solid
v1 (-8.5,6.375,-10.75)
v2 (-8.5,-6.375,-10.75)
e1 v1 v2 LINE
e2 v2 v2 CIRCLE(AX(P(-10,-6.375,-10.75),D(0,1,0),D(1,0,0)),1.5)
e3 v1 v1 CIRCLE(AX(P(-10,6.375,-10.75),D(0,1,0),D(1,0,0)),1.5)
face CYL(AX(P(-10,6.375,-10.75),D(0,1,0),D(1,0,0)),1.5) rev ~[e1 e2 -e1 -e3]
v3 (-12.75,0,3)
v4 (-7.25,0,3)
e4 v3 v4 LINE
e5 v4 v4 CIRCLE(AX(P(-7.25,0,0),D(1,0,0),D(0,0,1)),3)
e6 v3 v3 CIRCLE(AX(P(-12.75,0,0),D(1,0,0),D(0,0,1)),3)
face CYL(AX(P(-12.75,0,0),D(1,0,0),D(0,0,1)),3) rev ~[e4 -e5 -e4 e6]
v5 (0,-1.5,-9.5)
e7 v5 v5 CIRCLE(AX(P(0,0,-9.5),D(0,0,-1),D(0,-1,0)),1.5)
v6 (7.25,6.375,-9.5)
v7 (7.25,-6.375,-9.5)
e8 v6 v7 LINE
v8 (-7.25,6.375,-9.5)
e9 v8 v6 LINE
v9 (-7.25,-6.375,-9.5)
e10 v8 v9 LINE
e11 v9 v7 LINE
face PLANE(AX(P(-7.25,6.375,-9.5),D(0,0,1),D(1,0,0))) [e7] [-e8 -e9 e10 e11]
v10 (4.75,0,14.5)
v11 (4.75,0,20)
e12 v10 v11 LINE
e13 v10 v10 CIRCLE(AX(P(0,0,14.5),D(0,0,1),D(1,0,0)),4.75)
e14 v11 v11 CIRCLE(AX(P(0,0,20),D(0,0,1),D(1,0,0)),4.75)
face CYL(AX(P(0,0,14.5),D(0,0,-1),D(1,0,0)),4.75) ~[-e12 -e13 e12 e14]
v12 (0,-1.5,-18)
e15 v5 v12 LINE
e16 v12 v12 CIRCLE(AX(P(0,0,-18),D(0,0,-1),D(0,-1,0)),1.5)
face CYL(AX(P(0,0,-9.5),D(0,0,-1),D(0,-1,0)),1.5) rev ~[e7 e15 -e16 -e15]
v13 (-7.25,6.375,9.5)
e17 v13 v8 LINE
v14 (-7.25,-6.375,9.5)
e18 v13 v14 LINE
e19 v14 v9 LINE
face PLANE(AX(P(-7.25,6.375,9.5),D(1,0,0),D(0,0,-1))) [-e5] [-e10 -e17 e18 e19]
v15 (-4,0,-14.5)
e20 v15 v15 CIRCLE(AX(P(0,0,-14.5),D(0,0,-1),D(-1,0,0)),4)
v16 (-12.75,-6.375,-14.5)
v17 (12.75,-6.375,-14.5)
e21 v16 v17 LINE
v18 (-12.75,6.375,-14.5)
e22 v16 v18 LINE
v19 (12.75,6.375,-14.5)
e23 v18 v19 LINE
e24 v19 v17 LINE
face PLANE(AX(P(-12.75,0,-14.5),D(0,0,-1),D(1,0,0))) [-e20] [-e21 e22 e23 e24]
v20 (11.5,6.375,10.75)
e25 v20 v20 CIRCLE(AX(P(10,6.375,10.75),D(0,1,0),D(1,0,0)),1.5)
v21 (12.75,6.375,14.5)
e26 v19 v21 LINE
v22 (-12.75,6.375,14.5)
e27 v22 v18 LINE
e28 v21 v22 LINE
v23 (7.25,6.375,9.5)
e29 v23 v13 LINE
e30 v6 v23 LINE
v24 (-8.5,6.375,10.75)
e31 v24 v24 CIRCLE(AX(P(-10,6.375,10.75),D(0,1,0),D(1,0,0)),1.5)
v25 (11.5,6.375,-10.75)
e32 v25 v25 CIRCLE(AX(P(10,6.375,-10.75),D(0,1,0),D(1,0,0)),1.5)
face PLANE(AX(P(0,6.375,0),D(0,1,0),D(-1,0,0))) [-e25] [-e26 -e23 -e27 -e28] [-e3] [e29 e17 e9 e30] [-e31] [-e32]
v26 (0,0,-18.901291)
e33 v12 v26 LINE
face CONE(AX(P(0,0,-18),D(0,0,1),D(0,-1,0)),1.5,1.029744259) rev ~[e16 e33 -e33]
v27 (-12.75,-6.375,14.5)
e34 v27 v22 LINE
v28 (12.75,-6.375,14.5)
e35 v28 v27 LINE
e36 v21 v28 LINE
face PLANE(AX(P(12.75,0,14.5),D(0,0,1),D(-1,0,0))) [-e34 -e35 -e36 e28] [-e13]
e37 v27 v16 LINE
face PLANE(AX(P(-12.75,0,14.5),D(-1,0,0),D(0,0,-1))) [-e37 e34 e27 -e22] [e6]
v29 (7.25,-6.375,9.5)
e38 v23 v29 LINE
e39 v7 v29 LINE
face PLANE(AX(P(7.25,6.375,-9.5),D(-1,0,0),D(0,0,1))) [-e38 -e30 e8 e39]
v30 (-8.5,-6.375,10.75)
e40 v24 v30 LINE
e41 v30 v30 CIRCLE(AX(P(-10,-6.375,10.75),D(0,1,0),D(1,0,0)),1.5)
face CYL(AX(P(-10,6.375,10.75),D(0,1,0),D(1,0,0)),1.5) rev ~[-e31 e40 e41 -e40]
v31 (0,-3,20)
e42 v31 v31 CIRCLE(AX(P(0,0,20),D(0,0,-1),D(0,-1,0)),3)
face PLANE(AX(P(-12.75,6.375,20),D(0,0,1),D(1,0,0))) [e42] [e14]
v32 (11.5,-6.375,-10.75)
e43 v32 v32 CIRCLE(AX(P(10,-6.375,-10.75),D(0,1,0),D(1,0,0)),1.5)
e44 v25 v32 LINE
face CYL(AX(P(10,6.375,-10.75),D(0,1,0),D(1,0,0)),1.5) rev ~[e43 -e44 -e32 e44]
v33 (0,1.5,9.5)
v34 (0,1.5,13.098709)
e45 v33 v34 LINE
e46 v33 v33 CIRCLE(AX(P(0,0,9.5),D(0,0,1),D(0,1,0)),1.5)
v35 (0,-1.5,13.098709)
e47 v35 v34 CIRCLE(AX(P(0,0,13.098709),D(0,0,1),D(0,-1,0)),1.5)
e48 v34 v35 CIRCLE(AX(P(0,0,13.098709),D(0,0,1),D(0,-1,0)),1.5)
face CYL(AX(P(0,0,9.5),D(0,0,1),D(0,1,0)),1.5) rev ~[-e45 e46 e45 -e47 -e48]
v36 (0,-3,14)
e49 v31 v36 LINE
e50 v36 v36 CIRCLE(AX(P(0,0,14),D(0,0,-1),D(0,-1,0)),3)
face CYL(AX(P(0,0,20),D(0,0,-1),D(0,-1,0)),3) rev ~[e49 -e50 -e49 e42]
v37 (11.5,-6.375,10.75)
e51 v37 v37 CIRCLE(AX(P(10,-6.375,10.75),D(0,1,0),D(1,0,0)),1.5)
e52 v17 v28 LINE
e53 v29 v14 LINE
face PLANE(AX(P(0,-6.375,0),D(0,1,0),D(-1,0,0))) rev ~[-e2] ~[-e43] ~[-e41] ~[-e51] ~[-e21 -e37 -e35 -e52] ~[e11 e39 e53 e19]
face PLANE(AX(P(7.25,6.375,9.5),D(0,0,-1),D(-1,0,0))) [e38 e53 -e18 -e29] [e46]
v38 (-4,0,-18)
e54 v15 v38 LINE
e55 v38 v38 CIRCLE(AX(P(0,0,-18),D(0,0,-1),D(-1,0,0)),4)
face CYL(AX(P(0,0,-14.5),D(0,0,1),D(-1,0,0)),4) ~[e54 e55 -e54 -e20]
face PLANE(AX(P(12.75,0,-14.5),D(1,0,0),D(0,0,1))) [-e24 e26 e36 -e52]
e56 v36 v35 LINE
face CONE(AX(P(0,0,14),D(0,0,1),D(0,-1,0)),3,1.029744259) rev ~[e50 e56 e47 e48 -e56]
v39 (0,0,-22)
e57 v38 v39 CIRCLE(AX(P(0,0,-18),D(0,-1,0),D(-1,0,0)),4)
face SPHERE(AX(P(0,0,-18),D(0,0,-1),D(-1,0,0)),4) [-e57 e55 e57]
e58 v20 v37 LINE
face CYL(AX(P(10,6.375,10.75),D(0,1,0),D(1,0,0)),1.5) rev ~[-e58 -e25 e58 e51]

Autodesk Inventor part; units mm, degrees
ref_plane "YZ Plane" through (0, 0, 0) normal (1, 0, 0) x (0, 1, 0)
ref_plane "XZ Plane" through (0, 0, 0) normal (0, 1, 0) x (-1, 0, 0)
ref_plane "XY Plane" through (0, 0, 0) normal (0, 0, 1) x (1, 0, 0)
sketch "Sketch1" plane through (0, 0, 0) normal (0, 1, 0) x (-1, 0, 0)
  line L0 (12.75, -14.5) -> (-12.75, -14.5)
  line L1 (-12.75, -14.5) -> (-12.75, 14.5)
  line L2 (-12.75, 14.5) -> (12.75, 14.5)
  line L3 (12.75, 14.5) -> (12.75, -14.5)
  line L4 (12.75, -14.5) -> (-12.75, 14.5) construction
  line L5 (-12.75, -14.5) -> (12.75, 14.5) construction
  point P0 (0, 0)
  dimension "d0" = 25.5
  dimension "d1" = 29
extrude "Extrusion1" add sketch "Sketch1" along normal mid plane 12.75
sketch "Sketch2" plane through (0, 6.375, 0) normal (0, 1, 0) x (1, 0, 0)
  line L0 (-7.25, 9.5) -> (7.25, 9.5)
  line L1 (7.25, 9.5) -> (7.25, -9.5)
  line L2 (7.25, -9.5) -> (-7.25, -9.5)
  line L3 (-7.25, -9.5) -> (-7.25, 9.5)
  line L4 (-7.25, 9.5) -> (7.25, -9.5) construction
  line L5 (7.25, 9.5) -> (-7.25, -9.5) construction
  point P0 (0, 0)
  dimension "d4" = 14.5
  dimension "d5" = 19
extrude "Extrusion2" cut sketch "Sketch2" against normal blind 12.75
sketch "Sketch3" plane through (0, 6.375, 0) normal (0, 1, 0) x (1, 0, 0)
  circle A0 centre (10, 10.75) radius 1.5
  line L0 (12.75, 14.5) -> (-12.75, 14.5) projected
  line L1 (12.75, -14.5) -> (12.75, 14.5) projected
  circle A1 centre (-10, 10.75) radius 1.5
  circle A2 centre (10, -10.75) radius 1.5
  circle A3 centre (-10, -10.75) radius 1.5
  point P0 (0, 0)
  dimension "d8" = 3
  dimension "d9" = 3.75
  dimension "d10" = 2.75
  dimension "d13" = 20
  dimension "d16" = 21.5
sketch "Sketch4" plane through (-12.75, 6.375, 14.5) normal (0, 0, 1) x (1, 0, 0)
  circle A0 centre (12.75, -6.375) radius 4.75
  dimension "d19" = 9.5
extrude "Extrusion3" add sketch "Sketch4" along normal blind 5.5
extrude "Extrusion6" cut sketch "Sketch3" against normal through all
sketch "Sketch7" plane through (12.75, 6.375, -14.5) normal (0, 0, -1) x (-1, 0, 0)
  circle A0 centre (12.75, -6.375) radius 1.2632
  circle A1 centre (12.75, -6.375) radius 4
  point P0 (12.75, -6.375)
  dimension "d32" = 8
extrude "Extrusion7" add sketch "Sketch7" along normal blind 7.5 contours A0 | A1
sketch "Sketch8" plane through (-12.75, -6.375, 14.5) normal (-1, 0, 0) x (0, 0, 1)
  circle A0 centre (-14.5, 6.375) radius 3
  dimension "d35" = 6
hole "Hole1" at (-12.75, 0, 0) direction (1, 0, 0) diameter 6 depth 8 tip angle 118
thread "Thread2" size "M6x1" class "6H" standard "ANSI Metric M Profile" full length
fillet "Fillet1" [suppressed]
sketch "Sketch10" plane through (0, 0, 20) normal (0, 0, 1) x (1, 0, 0)
  circle A0 centre (0, 0) radius 1.5 projected
  point P0 (0, 0)
hole "Hole2" at (0, 0, 20) direction (0, 0, -1) diameter 6 depth 6 tip angle 118
sketch "Sketch11" plane through (7.25, 6.375, 9.5) normal (0, 0, -1) x (-1, 0, 0)
  circle A0 centre (7.25, -6.375) radius 1.5 projected
hole "Hole3" at (0, 0, 9.5) direction (0, 0, 1) diameter 3 end through all
thread "Thread3" size "M6x1" class "6H" standard "ANSI Metric M Profile" full length
fillet "Fillet2" radius 4 1 edges at (4, 0, -22)
sketch "Sketch12" plane through (-7.25, 6.375, -9.5) normal (0, 0, 1) x (1, 0, 0)
  point P0 (7.25, -6.375)
  point P1 (7.25, -6.375)
sketch "Sketch13" plane through (0, 0, 0) normal (0, 1, 0) x (-1, 0, 0)
  line L0 (-4, -18) -> (4, -18) projected
  line L1 (4.75, 20) -> (-4.75, 20) projected
  point P0 (0, 0)
  point P1 (0, -18)
  dimension "d67" = 38
hole "Hole4" at (0, 0, -9.5) direction (0, 0, -1) diameter 3 depth 8.5 tip angle 118
properties material "Iron, Cast"
